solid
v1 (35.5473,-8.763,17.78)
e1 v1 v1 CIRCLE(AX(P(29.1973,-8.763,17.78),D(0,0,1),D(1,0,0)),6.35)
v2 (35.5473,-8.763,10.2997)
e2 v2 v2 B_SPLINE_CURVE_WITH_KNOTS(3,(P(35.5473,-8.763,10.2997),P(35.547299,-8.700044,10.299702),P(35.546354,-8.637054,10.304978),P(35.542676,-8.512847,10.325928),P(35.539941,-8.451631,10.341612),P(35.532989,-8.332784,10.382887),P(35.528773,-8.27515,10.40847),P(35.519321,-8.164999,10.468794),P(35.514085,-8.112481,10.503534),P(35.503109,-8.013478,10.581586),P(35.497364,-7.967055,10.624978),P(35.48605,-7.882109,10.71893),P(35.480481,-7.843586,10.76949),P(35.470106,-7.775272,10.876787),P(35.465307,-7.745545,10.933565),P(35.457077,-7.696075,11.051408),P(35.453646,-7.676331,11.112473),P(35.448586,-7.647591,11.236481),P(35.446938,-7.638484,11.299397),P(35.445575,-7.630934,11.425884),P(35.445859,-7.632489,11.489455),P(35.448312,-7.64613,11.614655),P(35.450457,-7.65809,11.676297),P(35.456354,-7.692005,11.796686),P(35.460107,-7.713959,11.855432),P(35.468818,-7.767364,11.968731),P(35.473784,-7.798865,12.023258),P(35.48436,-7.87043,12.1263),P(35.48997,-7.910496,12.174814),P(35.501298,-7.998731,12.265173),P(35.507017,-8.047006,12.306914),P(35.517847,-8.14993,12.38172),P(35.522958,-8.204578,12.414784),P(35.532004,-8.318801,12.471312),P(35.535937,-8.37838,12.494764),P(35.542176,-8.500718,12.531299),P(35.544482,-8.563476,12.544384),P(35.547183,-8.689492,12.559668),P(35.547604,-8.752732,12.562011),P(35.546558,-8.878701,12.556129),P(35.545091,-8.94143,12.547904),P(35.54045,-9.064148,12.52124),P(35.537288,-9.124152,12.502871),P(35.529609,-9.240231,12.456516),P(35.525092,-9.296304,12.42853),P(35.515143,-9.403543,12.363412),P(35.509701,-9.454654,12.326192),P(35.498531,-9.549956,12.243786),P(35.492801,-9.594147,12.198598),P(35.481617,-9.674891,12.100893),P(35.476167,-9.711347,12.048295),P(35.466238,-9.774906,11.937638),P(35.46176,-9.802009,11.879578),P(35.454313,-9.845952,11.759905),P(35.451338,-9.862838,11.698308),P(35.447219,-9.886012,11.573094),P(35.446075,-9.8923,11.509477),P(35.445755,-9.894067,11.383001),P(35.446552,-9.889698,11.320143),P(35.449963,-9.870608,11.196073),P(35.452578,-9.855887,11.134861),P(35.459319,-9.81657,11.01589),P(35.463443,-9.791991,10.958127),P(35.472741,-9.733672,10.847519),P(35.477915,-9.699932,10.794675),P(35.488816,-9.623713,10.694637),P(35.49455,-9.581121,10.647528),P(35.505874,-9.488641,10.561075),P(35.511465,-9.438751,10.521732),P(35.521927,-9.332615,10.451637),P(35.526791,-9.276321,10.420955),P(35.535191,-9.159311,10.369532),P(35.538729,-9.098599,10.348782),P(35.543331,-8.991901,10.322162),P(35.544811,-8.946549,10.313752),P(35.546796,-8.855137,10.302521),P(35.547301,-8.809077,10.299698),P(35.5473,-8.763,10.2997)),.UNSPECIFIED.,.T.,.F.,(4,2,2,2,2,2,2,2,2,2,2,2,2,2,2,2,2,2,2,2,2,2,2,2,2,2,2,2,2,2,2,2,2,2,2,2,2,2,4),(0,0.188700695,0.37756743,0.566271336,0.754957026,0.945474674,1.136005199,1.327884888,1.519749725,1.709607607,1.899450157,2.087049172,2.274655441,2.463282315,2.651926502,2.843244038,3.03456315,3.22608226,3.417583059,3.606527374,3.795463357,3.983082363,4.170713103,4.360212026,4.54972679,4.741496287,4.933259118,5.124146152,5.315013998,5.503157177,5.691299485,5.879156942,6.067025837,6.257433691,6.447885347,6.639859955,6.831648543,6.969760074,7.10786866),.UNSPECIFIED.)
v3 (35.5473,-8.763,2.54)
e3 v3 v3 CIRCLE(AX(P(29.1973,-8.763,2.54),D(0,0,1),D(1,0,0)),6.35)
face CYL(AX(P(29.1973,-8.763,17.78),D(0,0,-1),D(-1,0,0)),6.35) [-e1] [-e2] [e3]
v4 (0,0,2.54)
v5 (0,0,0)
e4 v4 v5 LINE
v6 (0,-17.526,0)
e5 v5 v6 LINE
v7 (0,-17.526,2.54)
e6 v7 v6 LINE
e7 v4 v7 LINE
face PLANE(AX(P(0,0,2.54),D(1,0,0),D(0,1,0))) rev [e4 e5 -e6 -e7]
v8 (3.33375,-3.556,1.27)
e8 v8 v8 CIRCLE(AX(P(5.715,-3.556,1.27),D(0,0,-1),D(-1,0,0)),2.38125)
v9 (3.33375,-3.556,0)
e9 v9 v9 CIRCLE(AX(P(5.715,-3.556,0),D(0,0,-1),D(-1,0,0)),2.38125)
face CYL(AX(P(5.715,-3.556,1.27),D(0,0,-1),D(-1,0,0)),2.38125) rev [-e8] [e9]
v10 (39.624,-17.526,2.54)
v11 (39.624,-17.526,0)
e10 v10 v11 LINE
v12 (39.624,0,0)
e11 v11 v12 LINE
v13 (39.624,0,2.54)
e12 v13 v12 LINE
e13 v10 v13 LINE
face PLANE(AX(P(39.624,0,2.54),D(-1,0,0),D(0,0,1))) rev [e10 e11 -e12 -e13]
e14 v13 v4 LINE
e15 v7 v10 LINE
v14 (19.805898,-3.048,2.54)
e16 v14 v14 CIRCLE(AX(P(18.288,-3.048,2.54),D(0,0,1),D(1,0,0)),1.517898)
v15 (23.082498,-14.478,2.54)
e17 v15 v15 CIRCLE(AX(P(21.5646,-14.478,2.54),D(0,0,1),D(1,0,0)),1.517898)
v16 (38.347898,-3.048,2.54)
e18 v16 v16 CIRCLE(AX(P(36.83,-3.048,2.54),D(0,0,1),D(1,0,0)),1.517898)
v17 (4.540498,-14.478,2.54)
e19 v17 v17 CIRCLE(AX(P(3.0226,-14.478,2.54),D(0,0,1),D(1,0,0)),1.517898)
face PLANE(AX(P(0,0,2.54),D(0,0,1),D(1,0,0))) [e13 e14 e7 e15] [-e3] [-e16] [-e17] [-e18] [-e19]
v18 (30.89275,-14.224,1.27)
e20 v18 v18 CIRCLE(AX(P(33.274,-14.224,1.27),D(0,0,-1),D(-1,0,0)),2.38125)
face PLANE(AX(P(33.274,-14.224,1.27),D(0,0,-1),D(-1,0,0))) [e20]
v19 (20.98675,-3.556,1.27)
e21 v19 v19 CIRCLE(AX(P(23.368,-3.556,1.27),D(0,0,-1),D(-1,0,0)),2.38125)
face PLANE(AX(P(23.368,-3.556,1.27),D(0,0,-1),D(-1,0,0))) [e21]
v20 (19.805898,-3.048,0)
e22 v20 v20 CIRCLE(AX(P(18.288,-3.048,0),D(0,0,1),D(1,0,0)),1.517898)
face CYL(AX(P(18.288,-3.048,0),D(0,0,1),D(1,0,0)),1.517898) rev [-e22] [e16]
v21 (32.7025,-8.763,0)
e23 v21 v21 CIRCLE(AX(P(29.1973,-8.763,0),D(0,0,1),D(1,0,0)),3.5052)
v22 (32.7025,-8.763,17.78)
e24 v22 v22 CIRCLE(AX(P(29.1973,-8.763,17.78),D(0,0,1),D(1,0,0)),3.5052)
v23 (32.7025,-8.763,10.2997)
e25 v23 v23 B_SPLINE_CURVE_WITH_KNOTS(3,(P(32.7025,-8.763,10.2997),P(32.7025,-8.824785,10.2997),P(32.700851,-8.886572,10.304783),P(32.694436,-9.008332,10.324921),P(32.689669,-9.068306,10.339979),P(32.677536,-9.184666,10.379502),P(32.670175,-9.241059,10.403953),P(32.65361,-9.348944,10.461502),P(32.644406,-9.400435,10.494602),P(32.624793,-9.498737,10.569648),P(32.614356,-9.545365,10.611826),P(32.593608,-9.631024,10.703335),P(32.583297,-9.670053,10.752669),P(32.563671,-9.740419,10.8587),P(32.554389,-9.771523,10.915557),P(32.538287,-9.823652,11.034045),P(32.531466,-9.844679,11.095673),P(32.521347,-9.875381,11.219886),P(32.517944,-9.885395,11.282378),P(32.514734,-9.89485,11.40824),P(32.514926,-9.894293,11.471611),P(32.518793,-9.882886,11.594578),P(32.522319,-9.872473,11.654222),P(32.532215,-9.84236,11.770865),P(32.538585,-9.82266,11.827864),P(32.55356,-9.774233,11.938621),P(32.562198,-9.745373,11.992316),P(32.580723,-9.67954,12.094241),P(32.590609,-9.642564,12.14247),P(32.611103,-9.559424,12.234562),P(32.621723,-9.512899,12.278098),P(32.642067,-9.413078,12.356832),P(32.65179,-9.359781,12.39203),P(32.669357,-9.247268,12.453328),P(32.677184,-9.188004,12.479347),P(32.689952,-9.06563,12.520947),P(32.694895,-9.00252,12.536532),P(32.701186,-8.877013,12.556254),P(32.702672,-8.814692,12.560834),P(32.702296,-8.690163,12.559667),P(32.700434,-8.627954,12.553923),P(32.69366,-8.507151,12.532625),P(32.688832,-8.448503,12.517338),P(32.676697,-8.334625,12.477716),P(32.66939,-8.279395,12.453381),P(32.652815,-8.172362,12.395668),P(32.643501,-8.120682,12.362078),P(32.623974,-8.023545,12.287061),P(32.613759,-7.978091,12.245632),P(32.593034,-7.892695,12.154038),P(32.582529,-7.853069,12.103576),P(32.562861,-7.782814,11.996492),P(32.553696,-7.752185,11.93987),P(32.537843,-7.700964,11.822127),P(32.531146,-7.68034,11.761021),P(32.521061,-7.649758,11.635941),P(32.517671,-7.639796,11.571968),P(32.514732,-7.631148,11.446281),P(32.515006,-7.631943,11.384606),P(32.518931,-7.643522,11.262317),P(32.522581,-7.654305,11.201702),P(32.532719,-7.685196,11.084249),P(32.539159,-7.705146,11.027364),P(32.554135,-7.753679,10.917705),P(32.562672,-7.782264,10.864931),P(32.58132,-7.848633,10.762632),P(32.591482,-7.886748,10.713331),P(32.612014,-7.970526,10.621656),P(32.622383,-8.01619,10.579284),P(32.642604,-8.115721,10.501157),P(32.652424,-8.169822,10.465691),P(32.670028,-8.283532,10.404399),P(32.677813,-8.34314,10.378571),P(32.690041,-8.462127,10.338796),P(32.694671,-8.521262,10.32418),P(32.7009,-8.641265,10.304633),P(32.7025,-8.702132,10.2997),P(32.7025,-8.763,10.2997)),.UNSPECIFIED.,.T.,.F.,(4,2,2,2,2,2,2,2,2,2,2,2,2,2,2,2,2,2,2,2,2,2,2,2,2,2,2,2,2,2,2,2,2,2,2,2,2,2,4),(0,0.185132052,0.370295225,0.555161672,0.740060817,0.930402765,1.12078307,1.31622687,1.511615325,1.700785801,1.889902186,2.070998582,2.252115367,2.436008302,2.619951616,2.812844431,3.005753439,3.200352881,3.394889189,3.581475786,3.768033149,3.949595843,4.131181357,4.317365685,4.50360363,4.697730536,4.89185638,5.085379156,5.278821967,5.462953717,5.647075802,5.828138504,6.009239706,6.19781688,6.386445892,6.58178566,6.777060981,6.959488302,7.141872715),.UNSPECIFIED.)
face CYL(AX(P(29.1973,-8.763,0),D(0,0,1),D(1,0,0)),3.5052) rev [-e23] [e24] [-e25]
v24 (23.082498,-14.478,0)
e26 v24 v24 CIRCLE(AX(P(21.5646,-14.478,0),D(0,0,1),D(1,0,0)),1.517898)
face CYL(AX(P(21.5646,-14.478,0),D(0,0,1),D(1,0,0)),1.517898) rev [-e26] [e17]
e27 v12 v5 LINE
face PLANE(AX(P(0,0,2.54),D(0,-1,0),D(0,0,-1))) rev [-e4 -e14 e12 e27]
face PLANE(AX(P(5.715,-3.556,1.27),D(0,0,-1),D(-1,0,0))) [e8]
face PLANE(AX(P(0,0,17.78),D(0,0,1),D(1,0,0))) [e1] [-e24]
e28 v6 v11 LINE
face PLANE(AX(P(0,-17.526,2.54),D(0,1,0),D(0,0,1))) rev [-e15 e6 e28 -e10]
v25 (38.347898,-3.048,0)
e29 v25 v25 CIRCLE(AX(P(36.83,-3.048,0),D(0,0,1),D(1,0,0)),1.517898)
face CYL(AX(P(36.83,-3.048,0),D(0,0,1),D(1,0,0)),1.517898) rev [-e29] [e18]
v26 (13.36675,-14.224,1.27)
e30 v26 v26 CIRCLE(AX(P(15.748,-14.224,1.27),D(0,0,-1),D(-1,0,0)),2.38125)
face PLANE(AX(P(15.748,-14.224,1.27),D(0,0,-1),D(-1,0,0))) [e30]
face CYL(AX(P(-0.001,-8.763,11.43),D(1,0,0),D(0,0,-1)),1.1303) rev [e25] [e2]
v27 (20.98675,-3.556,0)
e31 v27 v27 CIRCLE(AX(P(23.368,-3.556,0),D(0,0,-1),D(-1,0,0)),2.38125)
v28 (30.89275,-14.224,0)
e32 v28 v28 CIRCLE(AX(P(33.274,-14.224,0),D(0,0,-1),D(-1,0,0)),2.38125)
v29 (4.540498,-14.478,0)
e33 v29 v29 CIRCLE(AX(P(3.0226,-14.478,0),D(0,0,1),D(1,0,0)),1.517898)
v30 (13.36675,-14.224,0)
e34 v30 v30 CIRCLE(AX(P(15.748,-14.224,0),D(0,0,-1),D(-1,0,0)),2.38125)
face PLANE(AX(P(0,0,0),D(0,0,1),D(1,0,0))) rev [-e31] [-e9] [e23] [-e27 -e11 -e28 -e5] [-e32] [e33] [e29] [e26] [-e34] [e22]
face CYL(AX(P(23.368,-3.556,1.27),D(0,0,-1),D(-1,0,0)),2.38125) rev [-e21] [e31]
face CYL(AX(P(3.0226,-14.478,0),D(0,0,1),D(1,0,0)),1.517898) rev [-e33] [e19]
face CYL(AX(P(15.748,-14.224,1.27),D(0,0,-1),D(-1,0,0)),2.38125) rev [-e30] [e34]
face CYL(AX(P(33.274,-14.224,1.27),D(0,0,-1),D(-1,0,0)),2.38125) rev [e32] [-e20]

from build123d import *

# Parameters (mm, degrees)
SKETCH1_W               = 39.624
SKETCH1_H               = 17.526
BOSS_EXTRUDE1_DEPTH     = 2.54
SKETCH2_R               = 1.517897845
CUT_EXTRUDE1_DEPTH      = 44.401309335
SKETCH3_R               = 6.35
BOSS_EXTRUDE2_DEPTH     = 15.24
SKETCH5_R               = 3.5052
CUT_EXTRUDE2_DEPTH      = 47.833219535
CUT_EXTRUDE3_REACH      = 45.438
CUT_EXTRUDE3_END_RADIUS = 3.5052
SKETCH6_R               = 1.1303
SKETCH7_R               = 2.38125
CUT_EXTRUDE4_DEPTH      = 1.27


with BuildPart() as part:
    # Sketch1 → Boss-Extrude1 (new body)
    with BuildSketch(Plane.XY):
        with Locations((19.812, -8.763)):
            Rectangle(SKETCH1_W, SKETCH1_H)
    extrude(amount=BOSS_EXTRUDE1_DEPTH)

    # Sketch2 → Cut-Extrude1 (cut, through all)
    with BuildSketch(Plane.XY.offset(2.54)):
        with Locations((36.83, -3.048)):
            Circle(SKETCH2_R)
        with Locations((21.5646, -14.478)):
            Circle(SKETCH2_R)
        with Locations((18.288, -3.048)):
            Circle(SKETCH2_R)
        with Locations((3.0226, -14.478)):
            Circle(SKETCH2_R)
    extrude(amount=-CUT_EXTRUDE1_DEPTH, mode=Mode.SUBTRACT)

    # Sketch3 → Boss-Extrude2 (add)
    with BuildSketch(Plane.XY.offset(2.54)):
        with Locations(Location((29.1973, -8.763, 0), (0, 0, 180))):
            Circle(SKETCH3_R)
    extrude(amount=BOSS_EXTRUDE2_DEPTH)

    # Sketch5 → Cut-Extrude2 (cut, through all)
    with BuildSketch(Plane.XY.offset(17.78)):
        with Locations((29.1973, -8.763)):
            Circle(SKETCH5_R)
    extrude(amount=-CUT_EXTRUDE2_DEPTH, mode=Mode.SUBTRACT)

    # Cut-Extrude3: up to this cylinder (the profile starts outside it)
    cut_extrude3_end = Plane(origin=(29.1973, -8.763, 11.43), z_dir=(0, 0, 1)) * Cylinder(CUT_EXTRUDE3_END_RADIUS, 98.8864, mode=Mode.PRIVATE)
    # Sketch6 → Cut-Extrude3 (cut, up to the surface)
    with BuildSketch(Plane(origin=(35.5473, 0, 0), x_dir=(0, 0, -1), z_dir=(1, 0, 0)), mode=Mode.PRIVATE) as cut_extrude3_sk1:
        with Locations((-11.43, -8.763)):
            Circle(SKETCH6_R)
    cut_extrude3_tool1 = extrude(cut_extrude3_sk1.sketch, amount=-CUT_EXTRUDE3_REACH, mode=Mode.PRIVATE) - cut_extrude3_end
    add(cut_extrude3_tool1.solids().sort_by_distance((35.5473, -8.763, 11.43))[0], mode=Mode.SUBTRACT)

    # Sketch7 → Cut-Extrude4 (cut)
    with BuildSketch(Plane(origin=(0, 0, 0), x_dir=(-1, 0, 0), z_dir=(0, 0, -1))):
        with Locations((-15.748, -14.224)):
            Circle(SKETCH7_R)
        with Locations((-5.715, -3.556)):
            Circle(SKETCH7_R)
        with Locations((-23.368, -3.556)):
            Circle(SKETCH7_R)
        with Locations((-33.274, -14.224)):
            Circle(SKETCH7_R)
    extrude(amount=-CUT_EXTRUDE4_DEPTH, mode=Mode.SUBTRACT)


solid = part.part
